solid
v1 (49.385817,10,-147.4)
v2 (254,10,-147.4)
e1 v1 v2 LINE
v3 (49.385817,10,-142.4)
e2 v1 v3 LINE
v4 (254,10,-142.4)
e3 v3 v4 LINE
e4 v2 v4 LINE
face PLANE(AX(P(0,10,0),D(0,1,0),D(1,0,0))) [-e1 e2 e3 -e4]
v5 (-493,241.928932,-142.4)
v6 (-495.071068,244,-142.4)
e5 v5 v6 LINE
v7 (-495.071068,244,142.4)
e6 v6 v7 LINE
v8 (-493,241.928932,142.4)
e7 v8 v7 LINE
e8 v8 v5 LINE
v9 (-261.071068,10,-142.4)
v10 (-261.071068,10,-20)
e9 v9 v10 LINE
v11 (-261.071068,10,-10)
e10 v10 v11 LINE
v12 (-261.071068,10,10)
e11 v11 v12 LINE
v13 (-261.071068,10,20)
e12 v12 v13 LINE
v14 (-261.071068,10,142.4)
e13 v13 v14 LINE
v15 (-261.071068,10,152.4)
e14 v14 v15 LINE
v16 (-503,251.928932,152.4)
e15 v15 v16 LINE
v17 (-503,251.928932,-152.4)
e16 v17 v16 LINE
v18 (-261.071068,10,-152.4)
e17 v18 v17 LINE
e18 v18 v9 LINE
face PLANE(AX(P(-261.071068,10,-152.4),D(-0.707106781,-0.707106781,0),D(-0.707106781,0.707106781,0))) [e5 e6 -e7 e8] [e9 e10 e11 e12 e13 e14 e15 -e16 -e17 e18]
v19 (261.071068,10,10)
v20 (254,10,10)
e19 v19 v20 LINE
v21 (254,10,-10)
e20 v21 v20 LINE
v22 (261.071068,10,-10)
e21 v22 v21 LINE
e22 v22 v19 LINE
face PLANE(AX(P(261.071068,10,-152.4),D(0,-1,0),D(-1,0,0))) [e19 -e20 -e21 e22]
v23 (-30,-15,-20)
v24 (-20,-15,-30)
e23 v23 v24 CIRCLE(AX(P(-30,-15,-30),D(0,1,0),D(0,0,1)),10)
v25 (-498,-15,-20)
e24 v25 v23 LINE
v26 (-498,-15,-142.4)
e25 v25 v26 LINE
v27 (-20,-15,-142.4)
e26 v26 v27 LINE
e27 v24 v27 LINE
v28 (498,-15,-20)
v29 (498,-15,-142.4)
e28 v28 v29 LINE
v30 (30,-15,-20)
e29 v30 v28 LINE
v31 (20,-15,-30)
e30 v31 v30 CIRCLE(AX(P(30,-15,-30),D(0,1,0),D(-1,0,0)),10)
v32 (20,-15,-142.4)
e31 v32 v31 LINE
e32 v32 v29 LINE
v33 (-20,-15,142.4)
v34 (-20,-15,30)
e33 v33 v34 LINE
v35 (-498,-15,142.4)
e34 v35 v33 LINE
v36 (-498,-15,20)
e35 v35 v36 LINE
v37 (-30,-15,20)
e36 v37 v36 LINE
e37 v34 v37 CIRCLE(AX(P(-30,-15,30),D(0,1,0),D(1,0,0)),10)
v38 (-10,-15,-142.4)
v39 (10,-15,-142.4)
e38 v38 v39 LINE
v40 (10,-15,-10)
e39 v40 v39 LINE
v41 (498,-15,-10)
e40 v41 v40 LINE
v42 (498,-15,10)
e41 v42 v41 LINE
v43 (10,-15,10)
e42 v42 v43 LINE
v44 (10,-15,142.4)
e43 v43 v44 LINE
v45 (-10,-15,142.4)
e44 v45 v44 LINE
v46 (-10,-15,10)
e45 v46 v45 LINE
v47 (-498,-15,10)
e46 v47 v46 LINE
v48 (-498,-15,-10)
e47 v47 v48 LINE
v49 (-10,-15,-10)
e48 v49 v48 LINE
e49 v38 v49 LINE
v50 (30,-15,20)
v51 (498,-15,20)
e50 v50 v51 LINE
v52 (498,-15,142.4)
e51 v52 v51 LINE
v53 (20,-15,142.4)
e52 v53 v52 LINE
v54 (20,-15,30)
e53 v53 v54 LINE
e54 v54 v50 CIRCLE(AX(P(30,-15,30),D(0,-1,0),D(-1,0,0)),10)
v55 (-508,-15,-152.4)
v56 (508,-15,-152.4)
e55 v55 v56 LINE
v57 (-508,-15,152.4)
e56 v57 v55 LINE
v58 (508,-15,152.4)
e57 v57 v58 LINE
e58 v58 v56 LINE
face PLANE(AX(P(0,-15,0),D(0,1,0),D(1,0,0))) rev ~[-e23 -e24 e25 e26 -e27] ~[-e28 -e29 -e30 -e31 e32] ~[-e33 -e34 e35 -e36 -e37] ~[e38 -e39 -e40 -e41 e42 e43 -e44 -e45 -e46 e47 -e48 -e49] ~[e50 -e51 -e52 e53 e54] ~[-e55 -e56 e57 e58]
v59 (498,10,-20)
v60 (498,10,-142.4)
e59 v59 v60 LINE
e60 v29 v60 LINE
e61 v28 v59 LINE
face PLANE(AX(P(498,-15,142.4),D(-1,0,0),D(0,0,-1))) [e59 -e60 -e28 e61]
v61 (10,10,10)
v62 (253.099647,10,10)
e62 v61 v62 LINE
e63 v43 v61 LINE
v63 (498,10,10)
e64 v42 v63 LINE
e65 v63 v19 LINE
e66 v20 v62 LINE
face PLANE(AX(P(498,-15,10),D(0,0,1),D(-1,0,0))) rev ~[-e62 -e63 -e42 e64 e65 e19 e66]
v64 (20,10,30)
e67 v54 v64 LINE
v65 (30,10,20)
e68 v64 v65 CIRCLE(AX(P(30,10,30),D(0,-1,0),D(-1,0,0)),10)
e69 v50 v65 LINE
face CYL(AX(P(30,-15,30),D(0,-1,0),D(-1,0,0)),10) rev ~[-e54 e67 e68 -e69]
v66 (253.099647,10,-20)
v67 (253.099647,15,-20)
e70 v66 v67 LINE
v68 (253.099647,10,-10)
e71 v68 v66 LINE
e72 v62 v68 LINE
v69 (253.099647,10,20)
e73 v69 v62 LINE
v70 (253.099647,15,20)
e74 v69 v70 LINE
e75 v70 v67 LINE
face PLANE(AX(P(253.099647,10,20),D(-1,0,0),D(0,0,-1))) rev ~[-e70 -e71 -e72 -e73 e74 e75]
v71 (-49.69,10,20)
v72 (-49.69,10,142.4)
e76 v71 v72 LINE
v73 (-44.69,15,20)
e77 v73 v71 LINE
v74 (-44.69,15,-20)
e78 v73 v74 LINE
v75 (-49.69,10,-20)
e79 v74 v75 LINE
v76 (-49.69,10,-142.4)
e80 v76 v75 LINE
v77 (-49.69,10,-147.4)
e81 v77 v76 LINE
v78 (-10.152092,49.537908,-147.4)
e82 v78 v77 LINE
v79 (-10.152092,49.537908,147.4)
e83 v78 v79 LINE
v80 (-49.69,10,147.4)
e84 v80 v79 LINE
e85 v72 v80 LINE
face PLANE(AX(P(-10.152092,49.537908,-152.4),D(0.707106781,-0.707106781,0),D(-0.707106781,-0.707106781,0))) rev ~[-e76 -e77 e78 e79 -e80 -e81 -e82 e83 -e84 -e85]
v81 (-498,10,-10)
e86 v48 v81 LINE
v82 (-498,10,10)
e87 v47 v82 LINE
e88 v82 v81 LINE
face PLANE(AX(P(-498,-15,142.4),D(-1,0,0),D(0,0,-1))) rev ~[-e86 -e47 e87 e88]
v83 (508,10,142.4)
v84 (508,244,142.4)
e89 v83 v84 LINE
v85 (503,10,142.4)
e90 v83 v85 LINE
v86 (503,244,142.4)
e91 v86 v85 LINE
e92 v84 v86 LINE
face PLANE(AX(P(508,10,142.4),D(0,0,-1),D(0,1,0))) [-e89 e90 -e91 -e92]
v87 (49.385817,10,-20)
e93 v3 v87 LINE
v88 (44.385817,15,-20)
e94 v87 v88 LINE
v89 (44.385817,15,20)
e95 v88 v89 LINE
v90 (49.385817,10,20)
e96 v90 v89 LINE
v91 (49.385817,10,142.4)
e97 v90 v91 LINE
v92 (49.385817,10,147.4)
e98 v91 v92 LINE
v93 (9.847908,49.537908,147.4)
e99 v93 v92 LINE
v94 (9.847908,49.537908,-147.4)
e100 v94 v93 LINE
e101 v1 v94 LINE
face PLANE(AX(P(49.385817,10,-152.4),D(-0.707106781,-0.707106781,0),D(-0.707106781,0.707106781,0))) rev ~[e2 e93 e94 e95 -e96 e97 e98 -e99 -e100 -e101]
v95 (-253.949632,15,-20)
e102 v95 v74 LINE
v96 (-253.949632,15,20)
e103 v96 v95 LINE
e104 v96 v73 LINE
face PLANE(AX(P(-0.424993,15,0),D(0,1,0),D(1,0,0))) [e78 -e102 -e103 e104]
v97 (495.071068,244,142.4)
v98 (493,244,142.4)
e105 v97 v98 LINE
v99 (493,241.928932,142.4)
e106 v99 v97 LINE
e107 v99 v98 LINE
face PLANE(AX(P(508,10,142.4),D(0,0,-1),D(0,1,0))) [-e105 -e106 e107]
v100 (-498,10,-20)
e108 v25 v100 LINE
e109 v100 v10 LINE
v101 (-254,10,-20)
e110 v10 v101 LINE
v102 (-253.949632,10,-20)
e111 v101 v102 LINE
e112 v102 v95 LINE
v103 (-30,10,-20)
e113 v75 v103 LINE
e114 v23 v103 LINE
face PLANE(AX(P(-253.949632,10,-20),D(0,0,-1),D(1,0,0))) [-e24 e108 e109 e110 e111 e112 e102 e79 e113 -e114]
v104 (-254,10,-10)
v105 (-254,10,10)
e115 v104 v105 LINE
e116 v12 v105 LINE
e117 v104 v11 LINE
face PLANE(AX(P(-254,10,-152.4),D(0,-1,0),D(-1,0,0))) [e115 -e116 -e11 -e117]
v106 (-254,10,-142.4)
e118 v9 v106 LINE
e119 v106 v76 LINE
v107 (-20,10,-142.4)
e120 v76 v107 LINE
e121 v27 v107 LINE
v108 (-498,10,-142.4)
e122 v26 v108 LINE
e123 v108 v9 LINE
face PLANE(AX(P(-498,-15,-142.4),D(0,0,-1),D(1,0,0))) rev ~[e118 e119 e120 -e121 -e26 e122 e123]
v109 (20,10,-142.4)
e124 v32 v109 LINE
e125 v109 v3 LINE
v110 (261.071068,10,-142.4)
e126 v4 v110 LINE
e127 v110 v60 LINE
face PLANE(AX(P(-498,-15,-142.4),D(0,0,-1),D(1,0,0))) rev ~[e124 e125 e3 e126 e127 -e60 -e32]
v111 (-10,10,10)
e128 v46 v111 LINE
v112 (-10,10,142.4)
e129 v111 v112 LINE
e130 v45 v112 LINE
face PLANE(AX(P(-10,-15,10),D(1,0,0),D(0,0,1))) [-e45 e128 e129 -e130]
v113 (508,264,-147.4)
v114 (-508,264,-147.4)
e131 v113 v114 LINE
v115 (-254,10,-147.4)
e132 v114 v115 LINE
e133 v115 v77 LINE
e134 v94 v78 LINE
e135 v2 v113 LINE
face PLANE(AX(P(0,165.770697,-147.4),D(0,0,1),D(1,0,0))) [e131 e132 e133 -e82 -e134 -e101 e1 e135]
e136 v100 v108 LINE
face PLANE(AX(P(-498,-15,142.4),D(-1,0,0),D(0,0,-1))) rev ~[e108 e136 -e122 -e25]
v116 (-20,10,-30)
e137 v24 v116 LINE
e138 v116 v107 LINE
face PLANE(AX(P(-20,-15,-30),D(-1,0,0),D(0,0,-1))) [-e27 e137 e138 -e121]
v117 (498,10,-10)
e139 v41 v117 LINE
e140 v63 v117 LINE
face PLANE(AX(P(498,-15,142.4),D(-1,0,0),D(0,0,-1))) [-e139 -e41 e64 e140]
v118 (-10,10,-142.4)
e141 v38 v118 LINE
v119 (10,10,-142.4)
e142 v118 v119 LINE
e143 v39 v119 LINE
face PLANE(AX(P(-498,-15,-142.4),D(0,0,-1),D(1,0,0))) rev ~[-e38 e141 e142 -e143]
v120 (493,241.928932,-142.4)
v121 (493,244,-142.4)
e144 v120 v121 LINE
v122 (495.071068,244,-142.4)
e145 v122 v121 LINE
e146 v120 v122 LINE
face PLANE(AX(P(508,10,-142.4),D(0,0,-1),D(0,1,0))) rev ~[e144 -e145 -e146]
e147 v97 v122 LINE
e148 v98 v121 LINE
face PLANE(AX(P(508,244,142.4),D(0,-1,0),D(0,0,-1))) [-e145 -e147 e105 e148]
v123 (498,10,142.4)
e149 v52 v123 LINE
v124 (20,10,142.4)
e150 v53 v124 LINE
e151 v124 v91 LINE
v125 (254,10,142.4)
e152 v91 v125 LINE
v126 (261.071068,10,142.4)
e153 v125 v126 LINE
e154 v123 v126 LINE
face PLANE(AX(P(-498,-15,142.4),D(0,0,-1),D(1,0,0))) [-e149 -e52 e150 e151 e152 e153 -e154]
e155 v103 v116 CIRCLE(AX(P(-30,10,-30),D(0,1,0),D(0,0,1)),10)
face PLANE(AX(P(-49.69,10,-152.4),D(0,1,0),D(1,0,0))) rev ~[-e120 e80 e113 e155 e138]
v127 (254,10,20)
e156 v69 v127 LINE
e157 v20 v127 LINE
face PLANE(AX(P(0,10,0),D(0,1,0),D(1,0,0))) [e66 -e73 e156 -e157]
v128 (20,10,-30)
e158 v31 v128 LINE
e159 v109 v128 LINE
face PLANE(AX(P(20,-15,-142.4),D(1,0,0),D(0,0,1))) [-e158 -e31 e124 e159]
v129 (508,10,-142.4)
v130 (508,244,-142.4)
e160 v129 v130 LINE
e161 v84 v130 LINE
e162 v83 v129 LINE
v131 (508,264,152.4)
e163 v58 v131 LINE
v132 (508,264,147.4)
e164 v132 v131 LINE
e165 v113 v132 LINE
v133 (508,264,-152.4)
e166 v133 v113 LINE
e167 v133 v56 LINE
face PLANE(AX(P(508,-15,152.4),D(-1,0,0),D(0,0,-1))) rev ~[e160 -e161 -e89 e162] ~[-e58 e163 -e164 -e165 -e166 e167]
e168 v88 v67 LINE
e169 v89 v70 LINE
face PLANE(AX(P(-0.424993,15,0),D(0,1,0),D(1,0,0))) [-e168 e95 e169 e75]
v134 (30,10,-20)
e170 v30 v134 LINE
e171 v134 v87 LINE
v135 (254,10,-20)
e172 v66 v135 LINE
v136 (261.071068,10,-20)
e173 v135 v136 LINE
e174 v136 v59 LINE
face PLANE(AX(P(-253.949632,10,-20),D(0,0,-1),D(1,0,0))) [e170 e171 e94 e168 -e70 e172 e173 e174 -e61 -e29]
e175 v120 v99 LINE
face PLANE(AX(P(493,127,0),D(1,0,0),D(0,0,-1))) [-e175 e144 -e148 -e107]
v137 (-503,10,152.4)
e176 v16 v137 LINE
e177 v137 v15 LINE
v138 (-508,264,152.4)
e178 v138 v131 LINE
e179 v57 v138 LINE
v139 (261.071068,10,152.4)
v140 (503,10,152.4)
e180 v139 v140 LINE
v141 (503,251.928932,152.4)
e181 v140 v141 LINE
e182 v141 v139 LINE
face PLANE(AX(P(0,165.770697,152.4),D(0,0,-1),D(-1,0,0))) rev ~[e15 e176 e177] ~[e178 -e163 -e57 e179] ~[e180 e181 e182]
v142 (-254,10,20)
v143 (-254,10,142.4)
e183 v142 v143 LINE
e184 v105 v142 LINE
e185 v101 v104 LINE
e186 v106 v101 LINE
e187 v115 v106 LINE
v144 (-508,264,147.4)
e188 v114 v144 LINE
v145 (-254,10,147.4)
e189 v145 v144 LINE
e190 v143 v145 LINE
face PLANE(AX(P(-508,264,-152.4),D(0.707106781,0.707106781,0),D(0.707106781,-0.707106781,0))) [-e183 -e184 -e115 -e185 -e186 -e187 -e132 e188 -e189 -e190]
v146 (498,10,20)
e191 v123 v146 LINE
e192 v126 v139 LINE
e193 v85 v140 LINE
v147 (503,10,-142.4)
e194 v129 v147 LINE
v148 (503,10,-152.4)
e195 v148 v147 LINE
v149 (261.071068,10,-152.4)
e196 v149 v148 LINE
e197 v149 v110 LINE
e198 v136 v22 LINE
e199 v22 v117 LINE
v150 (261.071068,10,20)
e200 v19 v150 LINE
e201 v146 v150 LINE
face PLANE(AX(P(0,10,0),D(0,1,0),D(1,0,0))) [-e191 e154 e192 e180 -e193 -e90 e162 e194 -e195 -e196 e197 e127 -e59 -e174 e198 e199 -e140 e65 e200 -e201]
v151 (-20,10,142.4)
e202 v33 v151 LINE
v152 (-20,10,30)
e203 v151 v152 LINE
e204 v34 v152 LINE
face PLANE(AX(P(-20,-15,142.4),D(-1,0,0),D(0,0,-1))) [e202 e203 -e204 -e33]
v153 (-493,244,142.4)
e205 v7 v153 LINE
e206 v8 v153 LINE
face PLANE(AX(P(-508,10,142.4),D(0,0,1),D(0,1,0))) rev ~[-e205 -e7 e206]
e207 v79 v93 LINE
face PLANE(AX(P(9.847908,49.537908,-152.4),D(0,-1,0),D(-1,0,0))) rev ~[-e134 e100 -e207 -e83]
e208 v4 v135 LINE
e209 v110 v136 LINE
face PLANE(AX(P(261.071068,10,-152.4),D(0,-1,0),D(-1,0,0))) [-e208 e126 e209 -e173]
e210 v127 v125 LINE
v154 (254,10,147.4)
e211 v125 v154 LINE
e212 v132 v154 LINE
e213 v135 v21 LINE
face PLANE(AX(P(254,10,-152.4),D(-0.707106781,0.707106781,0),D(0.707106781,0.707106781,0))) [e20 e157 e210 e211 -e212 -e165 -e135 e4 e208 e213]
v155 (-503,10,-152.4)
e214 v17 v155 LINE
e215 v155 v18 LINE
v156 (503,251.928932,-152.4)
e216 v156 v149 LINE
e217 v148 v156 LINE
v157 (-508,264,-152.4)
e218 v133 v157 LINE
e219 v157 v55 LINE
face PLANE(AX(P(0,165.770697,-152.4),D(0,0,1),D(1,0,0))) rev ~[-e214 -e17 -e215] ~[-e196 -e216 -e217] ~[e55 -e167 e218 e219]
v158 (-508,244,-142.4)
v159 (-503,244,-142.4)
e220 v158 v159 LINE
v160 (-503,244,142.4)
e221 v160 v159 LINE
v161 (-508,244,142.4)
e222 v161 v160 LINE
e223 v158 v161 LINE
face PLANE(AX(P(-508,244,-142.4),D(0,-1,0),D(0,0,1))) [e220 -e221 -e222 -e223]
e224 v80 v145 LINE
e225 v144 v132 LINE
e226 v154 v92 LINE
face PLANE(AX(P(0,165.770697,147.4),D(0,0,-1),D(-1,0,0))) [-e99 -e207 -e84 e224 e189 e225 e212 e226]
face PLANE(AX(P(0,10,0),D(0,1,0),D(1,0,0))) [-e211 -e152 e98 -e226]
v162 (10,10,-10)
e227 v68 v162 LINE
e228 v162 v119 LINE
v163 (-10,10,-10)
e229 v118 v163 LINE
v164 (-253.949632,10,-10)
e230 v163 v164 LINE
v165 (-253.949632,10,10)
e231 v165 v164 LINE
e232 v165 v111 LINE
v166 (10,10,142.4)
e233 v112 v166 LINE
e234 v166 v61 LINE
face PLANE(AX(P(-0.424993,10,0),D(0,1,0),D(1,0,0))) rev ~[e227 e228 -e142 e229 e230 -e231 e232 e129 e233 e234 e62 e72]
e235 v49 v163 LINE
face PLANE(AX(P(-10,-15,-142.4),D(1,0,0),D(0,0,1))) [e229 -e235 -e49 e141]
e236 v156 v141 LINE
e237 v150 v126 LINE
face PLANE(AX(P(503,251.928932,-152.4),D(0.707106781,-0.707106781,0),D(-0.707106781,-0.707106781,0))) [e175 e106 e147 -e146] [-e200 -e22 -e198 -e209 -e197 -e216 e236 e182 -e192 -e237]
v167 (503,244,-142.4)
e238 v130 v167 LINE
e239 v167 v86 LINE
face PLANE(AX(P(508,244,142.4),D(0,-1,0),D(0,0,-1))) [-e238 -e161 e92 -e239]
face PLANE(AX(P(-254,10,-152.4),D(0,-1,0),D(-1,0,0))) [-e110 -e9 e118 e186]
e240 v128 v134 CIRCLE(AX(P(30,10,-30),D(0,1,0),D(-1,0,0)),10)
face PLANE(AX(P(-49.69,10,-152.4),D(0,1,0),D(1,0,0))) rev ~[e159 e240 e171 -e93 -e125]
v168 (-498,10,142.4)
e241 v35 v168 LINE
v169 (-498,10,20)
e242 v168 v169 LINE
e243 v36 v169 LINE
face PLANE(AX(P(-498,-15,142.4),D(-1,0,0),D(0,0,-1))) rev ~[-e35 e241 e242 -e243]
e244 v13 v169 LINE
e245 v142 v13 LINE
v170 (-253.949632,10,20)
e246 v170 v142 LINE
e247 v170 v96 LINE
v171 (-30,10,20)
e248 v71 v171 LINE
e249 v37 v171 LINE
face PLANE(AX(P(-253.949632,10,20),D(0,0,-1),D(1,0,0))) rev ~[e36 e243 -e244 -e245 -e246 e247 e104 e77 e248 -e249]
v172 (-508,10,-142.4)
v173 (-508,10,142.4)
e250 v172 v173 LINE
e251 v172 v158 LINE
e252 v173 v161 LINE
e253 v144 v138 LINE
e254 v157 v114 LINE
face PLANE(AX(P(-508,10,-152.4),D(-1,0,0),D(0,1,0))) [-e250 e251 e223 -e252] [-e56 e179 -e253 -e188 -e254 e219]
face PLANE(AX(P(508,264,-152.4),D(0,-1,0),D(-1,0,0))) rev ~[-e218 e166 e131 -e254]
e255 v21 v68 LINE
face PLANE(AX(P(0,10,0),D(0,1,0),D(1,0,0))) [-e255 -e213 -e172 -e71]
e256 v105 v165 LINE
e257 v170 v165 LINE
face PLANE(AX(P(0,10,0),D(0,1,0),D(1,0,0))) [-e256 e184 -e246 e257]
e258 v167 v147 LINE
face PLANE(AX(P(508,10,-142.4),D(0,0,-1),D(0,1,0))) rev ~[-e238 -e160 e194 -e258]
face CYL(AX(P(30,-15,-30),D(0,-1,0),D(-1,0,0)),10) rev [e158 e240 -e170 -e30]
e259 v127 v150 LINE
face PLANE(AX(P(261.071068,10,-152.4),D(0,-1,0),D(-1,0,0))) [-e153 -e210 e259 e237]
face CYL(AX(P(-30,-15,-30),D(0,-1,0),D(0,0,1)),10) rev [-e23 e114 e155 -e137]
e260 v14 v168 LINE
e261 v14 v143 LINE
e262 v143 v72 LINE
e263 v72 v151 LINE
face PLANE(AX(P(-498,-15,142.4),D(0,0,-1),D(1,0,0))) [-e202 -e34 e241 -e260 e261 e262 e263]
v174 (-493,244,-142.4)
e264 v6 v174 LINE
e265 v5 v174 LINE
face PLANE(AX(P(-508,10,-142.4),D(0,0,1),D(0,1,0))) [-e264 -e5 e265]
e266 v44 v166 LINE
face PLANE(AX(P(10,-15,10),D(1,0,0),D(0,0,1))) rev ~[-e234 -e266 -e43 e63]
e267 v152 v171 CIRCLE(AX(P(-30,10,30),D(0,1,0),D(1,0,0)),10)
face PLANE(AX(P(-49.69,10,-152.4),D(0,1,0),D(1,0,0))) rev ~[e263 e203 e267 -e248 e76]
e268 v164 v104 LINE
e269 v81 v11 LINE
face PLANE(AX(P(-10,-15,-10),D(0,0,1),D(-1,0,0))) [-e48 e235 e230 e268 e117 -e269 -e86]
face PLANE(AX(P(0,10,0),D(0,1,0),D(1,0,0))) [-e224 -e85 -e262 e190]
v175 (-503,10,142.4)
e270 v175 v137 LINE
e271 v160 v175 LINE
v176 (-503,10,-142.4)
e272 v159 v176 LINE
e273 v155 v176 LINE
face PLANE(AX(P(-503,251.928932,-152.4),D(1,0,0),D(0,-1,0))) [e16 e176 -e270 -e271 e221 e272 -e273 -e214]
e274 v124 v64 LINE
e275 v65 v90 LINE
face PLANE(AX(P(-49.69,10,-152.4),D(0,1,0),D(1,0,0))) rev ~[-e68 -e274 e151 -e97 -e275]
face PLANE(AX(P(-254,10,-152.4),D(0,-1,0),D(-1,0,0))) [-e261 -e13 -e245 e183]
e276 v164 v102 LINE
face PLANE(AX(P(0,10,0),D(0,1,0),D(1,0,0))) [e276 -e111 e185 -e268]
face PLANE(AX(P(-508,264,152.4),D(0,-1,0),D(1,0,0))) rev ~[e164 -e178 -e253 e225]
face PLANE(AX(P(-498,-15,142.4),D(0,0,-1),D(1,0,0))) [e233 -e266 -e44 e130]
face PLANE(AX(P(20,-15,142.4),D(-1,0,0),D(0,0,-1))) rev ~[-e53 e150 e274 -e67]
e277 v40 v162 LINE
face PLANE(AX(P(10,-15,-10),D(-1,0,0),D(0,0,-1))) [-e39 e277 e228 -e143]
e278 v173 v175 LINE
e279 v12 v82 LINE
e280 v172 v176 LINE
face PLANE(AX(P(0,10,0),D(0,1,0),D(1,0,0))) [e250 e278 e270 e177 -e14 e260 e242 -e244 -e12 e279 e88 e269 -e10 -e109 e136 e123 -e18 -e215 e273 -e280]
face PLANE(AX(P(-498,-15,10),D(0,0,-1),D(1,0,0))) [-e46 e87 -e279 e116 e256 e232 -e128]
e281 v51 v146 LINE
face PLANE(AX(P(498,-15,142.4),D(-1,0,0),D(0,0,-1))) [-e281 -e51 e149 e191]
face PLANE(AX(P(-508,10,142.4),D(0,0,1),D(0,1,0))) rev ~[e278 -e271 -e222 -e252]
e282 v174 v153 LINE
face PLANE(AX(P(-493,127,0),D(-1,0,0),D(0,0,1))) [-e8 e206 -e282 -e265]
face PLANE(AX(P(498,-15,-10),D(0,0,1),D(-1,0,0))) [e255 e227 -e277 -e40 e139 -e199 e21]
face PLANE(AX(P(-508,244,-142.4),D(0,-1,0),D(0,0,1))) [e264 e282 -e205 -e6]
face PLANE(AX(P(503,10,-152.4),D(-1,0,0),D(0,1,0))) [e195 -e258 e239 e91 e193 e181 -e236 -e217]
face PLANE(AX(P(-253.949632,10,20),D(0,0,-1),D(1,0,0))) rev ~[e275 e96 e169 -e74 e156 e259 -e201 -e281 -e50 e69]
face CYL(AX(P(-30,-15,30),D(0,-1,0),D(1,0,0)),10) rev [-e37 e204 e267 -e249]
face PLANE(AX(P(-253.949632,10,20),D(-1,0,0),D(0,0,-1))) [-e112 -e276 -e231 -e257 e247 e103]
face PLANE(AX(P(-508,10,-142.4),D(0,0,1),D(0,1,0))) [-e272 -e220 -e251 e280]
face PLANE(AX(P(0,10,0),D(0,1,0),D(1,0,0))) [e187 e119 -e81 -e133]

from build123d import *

# Parameters (mm, degrees)
BOSS_EXTRUDE1_DEPTH      = 10
BOSS_EXTRUDE1_DEPTH_BACK = 15
SKETCH1_W                = 1016
SKETCH1_H                = 304.8
SKETCH1_W_2              = 996
SKETCH1_H_2              = 284.8
BOSS_EXTRUDE2_DEPTH      = 10
BOSS_EXTRUDE2_DEPTH_BACK = 15
BOSS_EXTRUDE3_DEPTH      = 152.4
BOSS_EXTRUDE3_DEPTH_BACK = 152.4
SKETCH4_W                = 507.049279033
SKETCH4_H                = 40
BOSS_EXTRUDE7_DEPTH      = 5
SKETCH5_W                = 284.8
SKETCH5_H                = 234
CUT_EXTRUDE1_DEPTH       = 15
SKETCH6_W                = 284.8
SKETCH6_H                = 234
CUT_EXTRUDE2_DEPTH       = 15
BOSS_EXTRUDE8_DEPTH      = 304.8
BOSS_EXTRUDE9_DEPTH      = 5
BOSS_EXTRUDE10_DEPTH     = 5


with BuildPart() as part:
    # Sketch1 → Boss-Extrude1 (new, two sides: drawn at the far end of the back side and taken through both)
    with BuildSketch(Plane(origin=(0, 0, 0), x_dir=(1, 0, 0), z_dir=(0, 1, 0)).offset(-BOSS_EXTRUDE1_DEPTH_BACK)):
        Rectangle(SKETCH1_W, SKETCH1_H)
        Rectangle(SKETCH1_W_2, SKETCH1_H_2, mode=Mode.SUBTRACT)
    extrude(amount=BOSS_EXTRUDE1_DEPTH + BOSS_EXTRUDE1_DEPTH_BACK)

    # Sketch2 → Boss-Extrude2 (add, two sides: drawn at the far end of the back side and taken through both)
    with BuildSketch(Plane(origin=(0, 0, 0), x_dir=(1, 0, 0), z_dir=(0, 1, 0)).offset(-BOSS_EXTRUDE2_DEPTH_BACK)):
        with BuildLine():
            Line((-498, 20), (-30, 20))
            ThreePointArc((-30, 20), (-22.928932188, 22.928932188), (-20, 30))
            Line((-20, 30), (-20, 142.4))
            Line((-20, 142.4), (-10, 142.4))
            Line((-10, 142.4), (-10, 20))
            Line((-10, 20), (-10, 10))
            Line((-10, 10), (-498, 10))
            Line((-498, 10), (-498, 20))
        make_face()
        with BuildLine():
            Line((498, 20), (498, 10))
            Line((498, 10), (10, 10))
            Line((10, 10), (10, 20))
            Line((10, 20), (10, 142.4))
            Line((10, 142.4), (20, 142.4))
            Line((20, 142.4), (20, 30))
            ThreePointArc((20, 30), (22.928932188, 22.928932188), (30, 20))
            Line((30, 20), (498, 20))
        make_face()
        with BuildLine():
            Line((-498, -10), (-10, -10))
            Line((-10, -10), (-10, -20))
            Line((-10, -20), (-10, -142.4))
            Line((-10, -142.4), (-20, -142.4))
            Line((-20, -142.4), (-20, -30))
            ThreePointArc((-20, -30), (-22.928932188, -22.928932188), (-30, -20))
            Line((-30, -20), (-498, -20))
            Line((-498, -20), (-498, -10))
        make_face()
        with BuildLine():
            Line((30, -20), (498, -20))
            Line((498, -20), (498, -10))
            Line((498, -10), (10, -10))
            Line((10, -10), (10, -20))
            Line((10, -20), (10, -142.4))
            Line((10, -142.4), (20, -142.4))
            Line((20, -142.4), (20, -30))
            ThreePointArc((20, -30), (22.928932188, -22.928932188), (30, -20))
        make_face()
    extrude(amount=BOSS_EXTRUDE2_DEPTH + BOSS_EXTRUDE2_DEPTH_BACK)

    # Sketch3 → Boss-Extrude3 (add, two sides: drawn at the far end of the back side and taken through both)
    with BuildSketch(Plane.XY.offset(-BOSS_EXTRUDE3_DEPTH_BACK)):
        Polygon((-508, 10), (-508, 264), (-254, 10), (-261.071067812, 10), (-503, 251.928932188), (-503, 10), align=None)
        Polygon((261.071067812, 10), (254, 10), (508, 264), (508, 10), (503, 10), (503, 251.928932188), align=None)
    extrude(amount=BOSS_EXTRUDE3_DEPTH + BOSS_EXTRUDE3_DEPTH_BACK)

    # Sketch4 → Boss-Extrude7 (add)
    with BuildSketch(Plane(origin=(0, 10, 0), x_dir=(1, 0, 0), z_dir=(0, 1, 0))):
        with Locations((-0.42499269, 0)):
            Rectangle(SKETCH4_W, SKETCH4_H)
    extrude(amount=BOSS_EXTRUDE7_DEPTH)

    # Sketch5 → Cut-Extrude1 (cut)
    with BuildSketch(Plane(origin=(508, 0, 0), x_dir=(0, 0, -1), z_dir=(1, 0, 0))):
        with Locations((0, 127)):
            Rectangle(SKETCH5_W, SKETCH5_H)
    extrude(amount=-CUT_EXTRUDE1_DEPTH, mode=Mode.SUBTRACT)

    # Sketch6 → Cut-Extrude2 (cut)
    with BuildSketch(Plane.ZY.offset(508)):
        with Locations((0, 127)):
            Rectangle(SKETCH6_W, SKETCH6_H)
    extrude(amount=-CUT_EXTRUDE2_DEPTH, mode=Mode.SUBTRACT)

    # Sketch7 → Boss-Extrude8 (add)
    with BuildSketch(Plane(origin=(0, 0, -152.4), x_dir=(-1, 0, 0), z_dir=(0, 0, -1))):
        Polygon((-49.38581657, 10), (-9.847908285, 49.537908285), (10.152091715, 49.537908285), (49.69, 10), align=None)
    extrude(amount=-BOSS_EXTRUDE8_DEPTH)

    # Sketch8 → Boss-Extrude9 (add)
    with BuildSketch(Plane.XY.offset(152.4)):
        Polygon((-508, 264), (508, 264), (254, 10), (-254, 10), align=None)
    extrude(amount=-BOSS_EXTRUDE9_DEPTH)

    # Sketch9 → Boss-Extrude10 (add)
    with BuildSketch(Plane(origin=(0, 0, -152.4), x_dir=(-1, 0, 0), z_dir=(0, 0, -1))):
        Polygon((-508, 264), (508, 264), (254, 10), (-254, 10), align=None)
    extrude(amount=-BOSS_EXTRUDE10_DEPTH)


solid = part.part
